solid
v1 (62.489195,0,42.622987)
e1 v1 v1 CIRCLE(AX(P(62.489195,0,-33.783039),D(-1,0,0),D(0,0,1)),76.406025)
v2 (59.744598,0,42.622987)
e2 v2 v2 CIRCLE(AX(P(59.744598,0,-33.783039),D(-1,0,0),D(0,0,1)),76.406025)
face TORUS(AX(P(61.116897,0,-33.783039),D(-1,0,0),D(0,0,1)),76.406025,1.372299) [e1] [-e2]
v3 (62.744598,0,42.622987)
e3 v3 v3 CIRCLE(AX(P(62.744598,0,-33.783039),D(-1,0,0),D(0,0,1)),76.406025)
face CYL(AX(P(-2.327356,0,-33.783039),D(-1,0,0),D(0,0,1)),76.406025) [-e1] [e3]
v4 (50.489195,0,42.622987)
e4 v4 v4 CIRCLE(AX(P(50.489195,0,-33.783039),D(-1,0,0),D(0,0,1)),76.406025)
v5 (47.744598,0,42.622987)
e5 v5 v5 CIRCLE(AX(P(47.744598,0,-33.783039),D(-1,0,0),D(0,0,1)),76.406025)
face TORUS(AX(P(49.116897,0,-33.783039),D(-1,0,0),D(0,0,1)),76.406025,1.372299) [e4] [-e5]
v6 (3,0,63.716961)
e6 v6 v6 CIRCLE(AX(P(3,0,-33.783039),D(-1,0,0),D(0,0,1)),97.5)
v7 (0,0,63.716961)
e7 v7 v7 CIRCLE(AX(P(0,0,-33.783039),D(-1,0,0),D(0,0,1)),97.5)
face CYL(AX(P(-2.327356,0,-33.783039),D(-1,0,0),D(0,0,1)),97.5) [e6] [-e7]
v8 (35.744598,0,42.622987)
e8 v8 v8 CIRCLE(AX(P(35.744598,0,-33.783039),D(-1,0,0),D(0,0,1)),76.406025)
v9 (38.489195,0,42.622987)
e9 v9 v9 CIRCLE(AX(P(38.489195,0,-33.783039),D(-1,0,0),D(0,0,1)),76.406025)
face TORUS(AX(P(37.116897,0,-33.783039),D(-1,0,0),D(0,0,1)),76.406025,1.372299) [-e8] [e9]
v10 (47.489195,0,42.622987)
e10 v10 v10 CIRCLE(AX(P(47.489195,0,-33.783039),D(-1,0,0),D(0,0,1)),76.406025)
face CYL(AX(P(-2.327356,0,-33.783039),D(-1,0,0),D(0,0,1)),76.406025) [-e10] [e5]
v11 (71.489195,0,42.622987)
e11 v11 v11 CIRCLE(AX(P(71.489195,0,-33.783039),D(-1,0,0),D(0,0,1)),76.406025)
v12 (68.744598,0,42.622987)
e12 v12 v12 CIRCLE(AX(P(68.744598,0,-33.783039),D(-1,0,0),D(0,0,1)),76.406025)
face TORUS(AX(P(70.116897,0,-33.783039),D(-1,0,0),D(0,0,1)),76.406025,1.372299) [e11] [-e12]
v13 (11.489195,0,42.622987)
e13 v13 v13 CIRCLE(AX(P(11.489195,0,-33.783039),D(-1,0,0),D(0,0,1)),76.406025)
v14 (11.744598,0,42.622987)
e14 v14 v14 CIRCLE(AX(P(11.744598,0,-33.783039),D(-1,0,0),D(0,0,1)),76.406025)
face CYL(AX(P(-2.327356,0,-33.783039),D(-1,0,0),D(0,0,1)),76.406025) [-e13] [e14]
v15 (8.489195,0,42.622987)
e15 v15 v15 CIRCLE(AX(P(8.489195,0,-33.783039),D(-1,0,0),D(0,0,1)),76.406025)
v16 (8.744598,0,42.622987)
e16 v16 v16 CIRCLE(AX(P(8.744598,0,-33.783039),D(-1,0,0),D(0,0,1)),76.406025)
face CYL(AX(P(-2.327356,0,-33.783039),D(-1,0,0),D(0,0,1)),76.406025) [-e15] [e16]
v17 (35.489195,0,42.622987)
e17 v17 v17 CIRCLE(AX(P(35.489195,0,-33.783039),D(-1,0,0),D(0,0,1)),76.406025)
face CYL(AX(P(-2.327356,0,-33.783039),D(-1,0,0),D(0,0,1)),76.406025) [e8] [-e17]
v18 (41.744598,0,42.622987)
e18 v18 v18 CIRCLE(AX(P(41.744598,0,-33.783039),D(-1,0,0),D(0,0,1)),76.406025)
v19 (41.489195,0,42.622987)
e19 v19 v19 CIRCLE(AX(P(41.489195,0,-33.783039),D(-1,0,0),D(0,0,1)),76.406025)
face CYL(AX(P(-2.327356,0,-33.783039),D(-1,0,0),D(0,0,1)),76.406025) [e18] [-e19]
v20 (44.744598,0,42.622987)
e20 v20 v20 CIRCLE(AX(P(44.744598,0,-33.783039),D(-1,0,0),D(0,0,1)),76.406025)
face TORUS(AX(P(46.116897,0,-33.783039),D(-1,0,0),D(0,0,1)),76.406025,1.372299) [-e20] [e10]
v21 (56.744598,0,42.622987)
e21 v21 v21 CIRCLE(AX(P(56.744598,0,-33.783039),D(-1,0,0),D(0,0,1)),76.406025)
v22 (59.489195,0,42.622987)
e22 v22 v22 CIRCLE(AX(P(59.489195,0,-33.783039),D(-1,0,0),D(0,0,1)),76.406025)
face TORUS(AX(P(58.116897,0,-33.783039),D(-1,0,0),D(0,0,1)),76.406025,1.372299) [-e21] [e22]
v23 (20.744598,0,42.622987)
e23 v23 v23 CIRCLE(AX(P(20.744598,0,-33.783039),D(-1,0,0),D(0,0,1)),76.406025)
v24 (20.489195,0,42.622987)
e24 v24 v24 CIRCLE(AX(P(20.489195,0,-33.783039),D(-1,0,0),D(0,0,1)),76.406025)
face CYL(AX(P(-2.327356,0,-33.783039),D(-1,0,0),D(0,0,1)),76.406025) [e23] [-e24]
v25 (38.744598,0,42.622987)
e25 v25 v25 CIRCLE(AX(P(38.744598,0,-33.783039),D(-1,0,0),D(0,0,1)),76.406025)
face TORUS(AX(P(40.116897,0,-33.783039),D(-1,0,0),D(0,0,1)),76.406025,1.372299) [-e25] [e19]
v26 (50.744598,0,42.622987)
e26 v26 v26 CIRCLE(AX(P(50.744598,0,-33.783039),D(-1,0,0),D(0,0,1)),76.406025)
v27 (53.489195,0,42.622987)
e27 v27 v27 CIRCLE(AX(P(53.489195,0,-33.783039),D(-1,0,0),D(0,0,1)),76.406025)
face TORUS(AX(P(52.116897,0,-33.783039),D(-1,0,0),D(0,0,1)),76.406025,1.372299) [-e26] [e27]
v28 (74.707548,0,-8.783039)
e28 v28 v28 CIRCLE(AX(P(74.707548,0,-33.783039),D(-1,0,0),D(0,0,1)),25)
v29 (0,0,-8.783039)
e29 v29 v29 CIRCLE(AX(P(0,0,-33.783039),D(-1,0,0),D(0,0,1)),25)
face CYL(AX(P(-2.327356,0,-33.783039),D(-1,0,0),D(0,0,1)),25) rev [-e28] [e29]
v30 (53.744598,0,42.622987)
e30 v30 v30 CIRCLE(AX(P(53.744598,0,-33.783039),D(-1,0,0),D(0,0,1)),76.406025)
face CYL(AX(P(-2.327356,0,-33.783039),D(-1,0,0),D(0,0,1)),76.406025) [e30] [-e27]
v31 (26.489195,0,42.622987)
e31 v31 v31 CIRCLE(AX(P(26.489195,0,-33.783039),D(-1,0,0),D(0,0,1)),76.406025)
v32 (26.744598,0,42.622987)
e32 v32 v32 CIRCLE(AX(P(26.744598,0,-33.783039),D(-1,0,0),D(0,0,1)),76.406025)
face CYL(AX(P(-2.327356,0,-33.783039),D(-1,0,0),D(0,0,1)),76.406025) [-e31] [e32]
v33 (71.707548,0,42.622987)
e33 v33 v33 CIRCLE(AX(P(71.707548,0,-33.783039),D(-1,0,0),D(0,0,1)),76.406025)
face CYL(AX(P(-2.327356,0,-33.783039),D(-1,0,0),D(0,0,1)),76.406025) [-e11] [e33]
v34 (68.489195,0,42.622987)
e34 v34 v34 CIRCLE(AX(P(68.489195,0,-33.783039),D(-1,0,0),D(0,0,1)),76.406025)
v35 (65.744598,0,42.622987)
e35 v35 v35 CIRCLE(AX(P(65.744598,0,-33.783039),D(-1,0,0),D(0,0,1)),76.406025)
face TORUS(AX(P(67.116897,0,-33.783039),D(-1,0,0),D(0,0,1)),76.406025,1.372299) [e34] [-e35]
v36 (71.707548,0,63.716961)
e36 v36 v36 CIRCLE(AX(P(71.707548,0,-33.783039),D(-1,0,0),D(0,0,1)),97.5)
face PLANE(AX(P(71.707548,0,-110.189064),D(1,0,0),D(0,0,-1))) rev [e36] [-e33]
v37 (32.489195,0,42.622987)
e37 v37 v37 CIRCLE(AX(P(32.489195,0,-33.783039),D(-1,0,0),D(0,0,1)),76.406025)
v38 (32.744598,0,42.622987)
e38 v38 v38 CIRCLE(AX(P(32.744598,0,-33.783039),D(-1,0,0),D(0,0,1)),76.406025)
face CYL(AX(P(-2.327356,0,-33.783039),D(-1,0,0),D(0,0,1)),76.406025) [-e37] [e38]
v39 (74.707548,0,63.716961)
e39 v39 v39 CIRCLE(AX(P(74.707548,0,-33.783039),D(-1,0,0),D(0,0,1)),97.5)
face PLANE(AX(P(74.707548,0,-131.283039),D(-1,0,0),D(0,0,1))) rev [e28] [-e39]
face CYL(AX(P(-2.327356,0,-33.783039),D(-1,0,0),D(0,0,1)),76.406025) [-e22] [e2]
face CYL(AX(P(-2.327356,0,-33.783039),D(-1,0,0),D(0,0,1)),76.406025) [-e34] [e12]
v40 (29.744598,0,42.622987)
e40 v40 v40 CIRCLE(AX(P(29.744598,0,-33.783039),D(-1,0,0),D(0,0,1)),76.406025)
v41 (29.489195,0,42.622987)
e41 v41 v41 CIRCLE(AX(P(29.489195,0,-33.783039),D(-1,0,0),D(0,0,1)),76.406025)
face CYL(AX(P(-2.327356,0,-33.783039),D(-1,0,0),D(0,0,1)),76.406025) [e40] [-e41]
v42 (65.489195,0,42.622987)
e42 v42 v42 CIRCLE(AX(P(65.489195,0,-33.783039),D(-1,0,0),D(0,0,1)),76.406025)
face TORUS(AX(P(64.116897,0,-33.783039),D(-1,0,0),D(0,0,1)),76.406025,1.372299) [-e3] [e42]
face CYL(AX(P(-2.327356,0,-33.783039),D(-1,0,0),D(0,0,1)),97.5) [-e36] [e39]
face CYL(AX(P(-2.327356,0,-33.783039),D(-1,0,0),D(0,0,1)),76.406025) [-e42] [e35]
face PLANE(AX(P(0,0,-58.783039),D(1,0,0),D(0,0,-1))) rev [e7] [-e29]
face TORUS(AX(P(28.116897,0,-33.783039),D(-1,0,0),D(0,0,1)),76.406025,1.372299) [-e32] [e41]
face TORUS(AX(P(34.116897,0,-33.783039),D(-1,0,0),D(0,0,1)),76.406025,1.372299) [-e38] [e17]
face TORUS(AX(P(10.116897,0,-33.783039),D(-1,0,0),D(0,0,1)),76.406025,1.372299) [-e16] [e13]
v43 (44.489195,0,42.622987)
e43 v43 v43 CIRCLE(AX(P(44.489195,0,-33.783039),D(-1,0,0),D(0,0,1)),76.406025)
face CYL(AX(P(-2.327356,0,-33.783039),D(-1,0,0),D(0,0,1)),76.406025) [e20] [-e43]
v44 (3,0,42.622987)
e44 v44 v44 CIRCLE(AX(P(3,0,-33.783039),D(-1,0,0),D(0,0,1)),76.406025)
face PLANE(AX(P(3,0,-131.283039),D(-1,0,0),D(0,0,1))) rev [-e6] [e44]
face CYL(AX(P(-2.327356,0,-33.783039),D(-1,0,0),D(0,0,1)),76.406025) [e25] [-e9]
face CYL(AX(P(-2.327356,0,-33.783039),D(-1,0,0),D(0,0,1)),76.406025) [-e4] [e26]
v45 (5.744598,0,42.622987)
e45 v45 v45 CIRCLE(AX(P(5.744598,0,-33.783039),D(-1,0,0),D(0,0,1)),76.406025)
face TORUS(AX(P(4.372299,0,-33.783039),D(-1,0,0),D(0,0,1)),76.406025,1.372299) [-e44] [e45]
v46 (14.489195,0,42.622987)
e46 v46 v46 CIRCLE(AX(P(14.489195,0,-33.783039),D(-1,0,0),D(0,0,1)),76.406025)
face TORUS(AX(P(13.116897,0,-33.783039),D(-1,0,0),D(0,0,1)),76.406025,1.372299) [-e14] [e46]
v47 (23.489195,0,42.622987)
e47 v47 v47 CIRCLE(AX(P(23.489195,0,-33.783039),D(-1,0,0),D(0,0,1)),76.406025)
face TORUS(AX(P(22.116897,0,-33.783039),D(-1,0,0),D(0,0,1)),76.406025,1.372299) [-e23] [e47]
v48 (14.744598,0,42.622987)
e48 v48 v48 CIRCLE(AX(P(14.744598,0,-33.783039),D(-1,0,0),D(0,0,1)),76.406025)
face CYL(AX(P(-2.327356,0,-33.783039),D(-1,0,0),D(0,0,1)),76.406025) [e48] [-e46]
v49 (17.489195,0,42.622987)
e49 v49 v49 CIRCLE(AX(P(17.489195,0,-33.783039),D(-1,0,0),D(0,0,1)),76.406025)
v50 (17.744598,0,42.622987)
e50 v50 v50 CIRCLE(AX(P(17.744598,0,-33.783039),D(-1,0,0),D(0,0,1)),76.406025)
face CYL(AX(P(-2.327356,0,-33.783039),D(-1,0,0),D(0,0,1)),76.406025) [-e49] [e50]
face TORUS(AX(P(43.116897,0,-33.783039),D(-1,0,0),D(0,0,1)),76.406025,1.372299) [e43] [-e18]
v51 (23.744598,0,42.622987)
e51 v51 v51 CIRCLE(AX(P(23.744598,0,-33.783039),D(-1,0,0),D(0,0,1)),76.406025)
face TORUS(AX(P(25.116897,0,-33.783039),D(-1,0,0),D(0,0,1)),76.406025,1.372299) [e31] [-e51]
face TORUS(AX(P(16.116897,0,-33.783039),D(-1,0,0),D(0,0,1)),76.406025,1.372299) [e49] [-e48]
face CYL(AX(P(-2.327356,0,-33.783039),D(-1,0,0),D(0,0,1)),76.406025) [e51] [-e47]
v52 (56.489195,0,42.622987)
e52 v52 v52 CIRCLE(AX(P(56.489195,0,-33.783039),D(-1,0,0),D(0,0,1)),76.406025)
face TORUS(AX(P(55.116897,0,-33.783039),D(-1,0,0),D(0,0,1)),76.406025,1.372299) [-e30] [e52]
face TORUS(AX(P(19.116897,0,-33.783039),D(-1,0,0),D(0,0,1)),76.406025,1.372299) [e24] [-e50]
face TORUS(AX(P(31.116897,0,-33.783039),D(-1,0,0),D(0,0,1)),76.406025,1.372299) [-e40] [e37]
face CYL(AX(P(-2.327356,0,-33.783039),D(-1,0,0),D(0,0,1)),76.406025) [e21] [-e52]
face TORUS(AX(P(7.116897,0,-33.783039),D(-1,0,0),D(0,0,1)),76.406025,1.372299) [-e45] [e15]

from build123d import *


with BuildPart() as part:
    # Sketch1 → Revolve1 (revolve)
    with BuildSketch(Plane(origin=(0, 0, 0), x_dir=(1, 0, 0), z_dir=(0, 1, 0)), mode=Mode.PRIVATE) as revolve1_sk:
        with BuildLine():
            Line((0, 58.783038795), (0, 131.283038795))
            Line((0, 131.283038795), (3, 131.283038795))
            Line((3, 131.283038795), (3, 110.189064257))
            ThreePointArc((3, 110.189064257), (4.372298868, 111.561363125), (5.744597737, 110.189064257))
            ThreePointArc((5.744597737, 110.189064257), (7.116896605, 111.561363125), (8.489195473, 110.189064257))
            Line((8.489195473, 110.189064257), (8.744597737, 110.189064257))
            ThreePointArc((8.744597737, 110.189064257), (10.116896605, 111.561363125), (11.489195473, 110.189064257))
            Line((11.489195473, 110.189064257), (11.744597737, 110.189064257))
            ThreePointArc((11.744597737, 110.189064257), (13.116896605, 111.561363125), (14.489195473, 110.189064257))
            Line((14.489195473, 110.189064257), (14.744597737, 110.189064257))
            ThreePointArc((14.744597737, 110.189064257), (16.116896605, 111.561363125), (17.489195473, 110.189064257))
            Line((17.489195473, 110.189064257), (17.744597737, 110.189064257))
            ThreePointArc((17.744597737, 110.189064257), (19.116896605, 111.561363125), (20.489195473, 110.189064257))
            Line((20.489195473, 110.189064257), (20.744597737, 110.189064257))
            ThreePointArc((20.744597737, 110.189064257), (22.116896605, 111.561363125), (23.489195473, 110.189064257))
            Line((23.489195473, 110.189064257), (23.744597737, 110.189064257))
            ThreePointArc((23.744597737, 110.189064257), (25.116896605, 111.561363125), (26.489195473, 110.189064257))
            Line((26.489195473, 110.189064257), (26.744597737, 110.189064257))
            ThreePointArc((26.744597737, 110.189064257), (28.116896605, 111.561363125), (29.489195473, 110.189064257))
            Line((29.489195473, 110.189064257), (29.744597737, 110.189064257))
            ThreePointArc((29.744597737, 110.189064257), (31.116896605, 111.561363125), (32.489195473, 110.189064257))
            Line((32.489195473, 110.189064257), (32.744597737, 110.189064257))
            ThreePointArc((32.744597737, 110.189064257), (34.116896605, 111.561363125), (35.489195473, 110.189064257))
            Line((35.489195473, 110.189064257), (35.744597737, 110.189064257))
            ThreePointArc((35.744597737, 110.189064257), (37.116896605, 111.561363125), (38.489195473, 110.189064257))
            Line((38.489195473, 110.189064257), (38.744597737, 110.189064257))
            ThreePointArc((38.744597737, 110.189064257), (40.116896605, 111.561363125), (41.489195473, 110.189064257))
            Line((41.489195473, 110.189064257), (41.744597737, 110.189064257))
            ThreePointArc((41.744597737, 110.189064257), (43.116896605, 111.561363125), (44.489195473, 110.189064257))
            Line((44.489195473, 110.189064257), (44.744597737, 110.189064257))
            ThreePointArc((44.744597737, 110.189064257), (46.116896605, 111.561363125), (47.489195473, 110.189064257))
            Line((47.489195473, 110.189064257), (47.744597737, 110.189064257))
            ThreePointArc((47.744597737, 110.189064257), (49.116896605, 111.561363125), (50.489195473, 110.189064257))
            Line((50.489195473, 110.189064257), (50.744597737, 110.189064257))
            ThreePointArc((50.744597737, 110.189064257), (52.116896605, 111.561363125), (53.489195473, 110.189064257))
            Line((53.489195473, 110.189064257), (53.744597737, 110.189064257))
            ThreePointArc((53.744597737, 110.189064257), (55.116896605, 111.561363125), (56.489195473, 110.189064257))
            Line((56.489195473, 110.189064257), (56.744597737, 110.189064257))
            ThreePointArc((56.744597737, 110.189064257), (58.116896605, 111.561363125), (59.489195473, 110.189064257))
            Line((59.489195473, 110.189064257), (59.744597737, 110.189064257))
            ThreePointArc((59.744597737, 110.189064257), (61.116896605, 111.561363125), (62.489195473, 110.189064257))
            Line((62.489195473, 110.189064257), (62.744597737, 110.189064257))
            ThreePointArc((62.744597737, 110.189064257), (64.116896605, 111.561363125), (65.489195473, 110.189064257))
            Line((65.489195473, 110.189064257), (65.744597737, 110.189064257))
            ThreePointArc((65.744597737, 110.189064257), (67.116896605, 111.561363125), (68.489195473, 110.189064257))
            Line((68.489195473, 110.189064257), (68.744597737, 110.189064257))
            ThreePointArc((68.744597737, 110.189064257), (70.116896605, 111.561363125), (71.489195473, 110.189064257))
            Line((71.489195473, 110.189064257), (71.707548459, 110.189064257))
            Line((71.707548459, 110.189064257), (71.707548459, 131.283038795))
            Line((71.707548459, 131.283038795), (74.707548459, 131.283038795))
            Line((74.707548459, 131.283038795), (74.707548459, 58.783038795))
            Line((74.707548459, 58.783038795), (0, 58.783038795))
        make_face()
    revolve(revolve1_sk.sketch.rotate(Axis((-2.327356302, 0, -33.783038795), (1, 0, 0)), 180), axis=Axis((-2.327356302, 0, -33.783038795), (1, 0, 0)))


solid = part.part
